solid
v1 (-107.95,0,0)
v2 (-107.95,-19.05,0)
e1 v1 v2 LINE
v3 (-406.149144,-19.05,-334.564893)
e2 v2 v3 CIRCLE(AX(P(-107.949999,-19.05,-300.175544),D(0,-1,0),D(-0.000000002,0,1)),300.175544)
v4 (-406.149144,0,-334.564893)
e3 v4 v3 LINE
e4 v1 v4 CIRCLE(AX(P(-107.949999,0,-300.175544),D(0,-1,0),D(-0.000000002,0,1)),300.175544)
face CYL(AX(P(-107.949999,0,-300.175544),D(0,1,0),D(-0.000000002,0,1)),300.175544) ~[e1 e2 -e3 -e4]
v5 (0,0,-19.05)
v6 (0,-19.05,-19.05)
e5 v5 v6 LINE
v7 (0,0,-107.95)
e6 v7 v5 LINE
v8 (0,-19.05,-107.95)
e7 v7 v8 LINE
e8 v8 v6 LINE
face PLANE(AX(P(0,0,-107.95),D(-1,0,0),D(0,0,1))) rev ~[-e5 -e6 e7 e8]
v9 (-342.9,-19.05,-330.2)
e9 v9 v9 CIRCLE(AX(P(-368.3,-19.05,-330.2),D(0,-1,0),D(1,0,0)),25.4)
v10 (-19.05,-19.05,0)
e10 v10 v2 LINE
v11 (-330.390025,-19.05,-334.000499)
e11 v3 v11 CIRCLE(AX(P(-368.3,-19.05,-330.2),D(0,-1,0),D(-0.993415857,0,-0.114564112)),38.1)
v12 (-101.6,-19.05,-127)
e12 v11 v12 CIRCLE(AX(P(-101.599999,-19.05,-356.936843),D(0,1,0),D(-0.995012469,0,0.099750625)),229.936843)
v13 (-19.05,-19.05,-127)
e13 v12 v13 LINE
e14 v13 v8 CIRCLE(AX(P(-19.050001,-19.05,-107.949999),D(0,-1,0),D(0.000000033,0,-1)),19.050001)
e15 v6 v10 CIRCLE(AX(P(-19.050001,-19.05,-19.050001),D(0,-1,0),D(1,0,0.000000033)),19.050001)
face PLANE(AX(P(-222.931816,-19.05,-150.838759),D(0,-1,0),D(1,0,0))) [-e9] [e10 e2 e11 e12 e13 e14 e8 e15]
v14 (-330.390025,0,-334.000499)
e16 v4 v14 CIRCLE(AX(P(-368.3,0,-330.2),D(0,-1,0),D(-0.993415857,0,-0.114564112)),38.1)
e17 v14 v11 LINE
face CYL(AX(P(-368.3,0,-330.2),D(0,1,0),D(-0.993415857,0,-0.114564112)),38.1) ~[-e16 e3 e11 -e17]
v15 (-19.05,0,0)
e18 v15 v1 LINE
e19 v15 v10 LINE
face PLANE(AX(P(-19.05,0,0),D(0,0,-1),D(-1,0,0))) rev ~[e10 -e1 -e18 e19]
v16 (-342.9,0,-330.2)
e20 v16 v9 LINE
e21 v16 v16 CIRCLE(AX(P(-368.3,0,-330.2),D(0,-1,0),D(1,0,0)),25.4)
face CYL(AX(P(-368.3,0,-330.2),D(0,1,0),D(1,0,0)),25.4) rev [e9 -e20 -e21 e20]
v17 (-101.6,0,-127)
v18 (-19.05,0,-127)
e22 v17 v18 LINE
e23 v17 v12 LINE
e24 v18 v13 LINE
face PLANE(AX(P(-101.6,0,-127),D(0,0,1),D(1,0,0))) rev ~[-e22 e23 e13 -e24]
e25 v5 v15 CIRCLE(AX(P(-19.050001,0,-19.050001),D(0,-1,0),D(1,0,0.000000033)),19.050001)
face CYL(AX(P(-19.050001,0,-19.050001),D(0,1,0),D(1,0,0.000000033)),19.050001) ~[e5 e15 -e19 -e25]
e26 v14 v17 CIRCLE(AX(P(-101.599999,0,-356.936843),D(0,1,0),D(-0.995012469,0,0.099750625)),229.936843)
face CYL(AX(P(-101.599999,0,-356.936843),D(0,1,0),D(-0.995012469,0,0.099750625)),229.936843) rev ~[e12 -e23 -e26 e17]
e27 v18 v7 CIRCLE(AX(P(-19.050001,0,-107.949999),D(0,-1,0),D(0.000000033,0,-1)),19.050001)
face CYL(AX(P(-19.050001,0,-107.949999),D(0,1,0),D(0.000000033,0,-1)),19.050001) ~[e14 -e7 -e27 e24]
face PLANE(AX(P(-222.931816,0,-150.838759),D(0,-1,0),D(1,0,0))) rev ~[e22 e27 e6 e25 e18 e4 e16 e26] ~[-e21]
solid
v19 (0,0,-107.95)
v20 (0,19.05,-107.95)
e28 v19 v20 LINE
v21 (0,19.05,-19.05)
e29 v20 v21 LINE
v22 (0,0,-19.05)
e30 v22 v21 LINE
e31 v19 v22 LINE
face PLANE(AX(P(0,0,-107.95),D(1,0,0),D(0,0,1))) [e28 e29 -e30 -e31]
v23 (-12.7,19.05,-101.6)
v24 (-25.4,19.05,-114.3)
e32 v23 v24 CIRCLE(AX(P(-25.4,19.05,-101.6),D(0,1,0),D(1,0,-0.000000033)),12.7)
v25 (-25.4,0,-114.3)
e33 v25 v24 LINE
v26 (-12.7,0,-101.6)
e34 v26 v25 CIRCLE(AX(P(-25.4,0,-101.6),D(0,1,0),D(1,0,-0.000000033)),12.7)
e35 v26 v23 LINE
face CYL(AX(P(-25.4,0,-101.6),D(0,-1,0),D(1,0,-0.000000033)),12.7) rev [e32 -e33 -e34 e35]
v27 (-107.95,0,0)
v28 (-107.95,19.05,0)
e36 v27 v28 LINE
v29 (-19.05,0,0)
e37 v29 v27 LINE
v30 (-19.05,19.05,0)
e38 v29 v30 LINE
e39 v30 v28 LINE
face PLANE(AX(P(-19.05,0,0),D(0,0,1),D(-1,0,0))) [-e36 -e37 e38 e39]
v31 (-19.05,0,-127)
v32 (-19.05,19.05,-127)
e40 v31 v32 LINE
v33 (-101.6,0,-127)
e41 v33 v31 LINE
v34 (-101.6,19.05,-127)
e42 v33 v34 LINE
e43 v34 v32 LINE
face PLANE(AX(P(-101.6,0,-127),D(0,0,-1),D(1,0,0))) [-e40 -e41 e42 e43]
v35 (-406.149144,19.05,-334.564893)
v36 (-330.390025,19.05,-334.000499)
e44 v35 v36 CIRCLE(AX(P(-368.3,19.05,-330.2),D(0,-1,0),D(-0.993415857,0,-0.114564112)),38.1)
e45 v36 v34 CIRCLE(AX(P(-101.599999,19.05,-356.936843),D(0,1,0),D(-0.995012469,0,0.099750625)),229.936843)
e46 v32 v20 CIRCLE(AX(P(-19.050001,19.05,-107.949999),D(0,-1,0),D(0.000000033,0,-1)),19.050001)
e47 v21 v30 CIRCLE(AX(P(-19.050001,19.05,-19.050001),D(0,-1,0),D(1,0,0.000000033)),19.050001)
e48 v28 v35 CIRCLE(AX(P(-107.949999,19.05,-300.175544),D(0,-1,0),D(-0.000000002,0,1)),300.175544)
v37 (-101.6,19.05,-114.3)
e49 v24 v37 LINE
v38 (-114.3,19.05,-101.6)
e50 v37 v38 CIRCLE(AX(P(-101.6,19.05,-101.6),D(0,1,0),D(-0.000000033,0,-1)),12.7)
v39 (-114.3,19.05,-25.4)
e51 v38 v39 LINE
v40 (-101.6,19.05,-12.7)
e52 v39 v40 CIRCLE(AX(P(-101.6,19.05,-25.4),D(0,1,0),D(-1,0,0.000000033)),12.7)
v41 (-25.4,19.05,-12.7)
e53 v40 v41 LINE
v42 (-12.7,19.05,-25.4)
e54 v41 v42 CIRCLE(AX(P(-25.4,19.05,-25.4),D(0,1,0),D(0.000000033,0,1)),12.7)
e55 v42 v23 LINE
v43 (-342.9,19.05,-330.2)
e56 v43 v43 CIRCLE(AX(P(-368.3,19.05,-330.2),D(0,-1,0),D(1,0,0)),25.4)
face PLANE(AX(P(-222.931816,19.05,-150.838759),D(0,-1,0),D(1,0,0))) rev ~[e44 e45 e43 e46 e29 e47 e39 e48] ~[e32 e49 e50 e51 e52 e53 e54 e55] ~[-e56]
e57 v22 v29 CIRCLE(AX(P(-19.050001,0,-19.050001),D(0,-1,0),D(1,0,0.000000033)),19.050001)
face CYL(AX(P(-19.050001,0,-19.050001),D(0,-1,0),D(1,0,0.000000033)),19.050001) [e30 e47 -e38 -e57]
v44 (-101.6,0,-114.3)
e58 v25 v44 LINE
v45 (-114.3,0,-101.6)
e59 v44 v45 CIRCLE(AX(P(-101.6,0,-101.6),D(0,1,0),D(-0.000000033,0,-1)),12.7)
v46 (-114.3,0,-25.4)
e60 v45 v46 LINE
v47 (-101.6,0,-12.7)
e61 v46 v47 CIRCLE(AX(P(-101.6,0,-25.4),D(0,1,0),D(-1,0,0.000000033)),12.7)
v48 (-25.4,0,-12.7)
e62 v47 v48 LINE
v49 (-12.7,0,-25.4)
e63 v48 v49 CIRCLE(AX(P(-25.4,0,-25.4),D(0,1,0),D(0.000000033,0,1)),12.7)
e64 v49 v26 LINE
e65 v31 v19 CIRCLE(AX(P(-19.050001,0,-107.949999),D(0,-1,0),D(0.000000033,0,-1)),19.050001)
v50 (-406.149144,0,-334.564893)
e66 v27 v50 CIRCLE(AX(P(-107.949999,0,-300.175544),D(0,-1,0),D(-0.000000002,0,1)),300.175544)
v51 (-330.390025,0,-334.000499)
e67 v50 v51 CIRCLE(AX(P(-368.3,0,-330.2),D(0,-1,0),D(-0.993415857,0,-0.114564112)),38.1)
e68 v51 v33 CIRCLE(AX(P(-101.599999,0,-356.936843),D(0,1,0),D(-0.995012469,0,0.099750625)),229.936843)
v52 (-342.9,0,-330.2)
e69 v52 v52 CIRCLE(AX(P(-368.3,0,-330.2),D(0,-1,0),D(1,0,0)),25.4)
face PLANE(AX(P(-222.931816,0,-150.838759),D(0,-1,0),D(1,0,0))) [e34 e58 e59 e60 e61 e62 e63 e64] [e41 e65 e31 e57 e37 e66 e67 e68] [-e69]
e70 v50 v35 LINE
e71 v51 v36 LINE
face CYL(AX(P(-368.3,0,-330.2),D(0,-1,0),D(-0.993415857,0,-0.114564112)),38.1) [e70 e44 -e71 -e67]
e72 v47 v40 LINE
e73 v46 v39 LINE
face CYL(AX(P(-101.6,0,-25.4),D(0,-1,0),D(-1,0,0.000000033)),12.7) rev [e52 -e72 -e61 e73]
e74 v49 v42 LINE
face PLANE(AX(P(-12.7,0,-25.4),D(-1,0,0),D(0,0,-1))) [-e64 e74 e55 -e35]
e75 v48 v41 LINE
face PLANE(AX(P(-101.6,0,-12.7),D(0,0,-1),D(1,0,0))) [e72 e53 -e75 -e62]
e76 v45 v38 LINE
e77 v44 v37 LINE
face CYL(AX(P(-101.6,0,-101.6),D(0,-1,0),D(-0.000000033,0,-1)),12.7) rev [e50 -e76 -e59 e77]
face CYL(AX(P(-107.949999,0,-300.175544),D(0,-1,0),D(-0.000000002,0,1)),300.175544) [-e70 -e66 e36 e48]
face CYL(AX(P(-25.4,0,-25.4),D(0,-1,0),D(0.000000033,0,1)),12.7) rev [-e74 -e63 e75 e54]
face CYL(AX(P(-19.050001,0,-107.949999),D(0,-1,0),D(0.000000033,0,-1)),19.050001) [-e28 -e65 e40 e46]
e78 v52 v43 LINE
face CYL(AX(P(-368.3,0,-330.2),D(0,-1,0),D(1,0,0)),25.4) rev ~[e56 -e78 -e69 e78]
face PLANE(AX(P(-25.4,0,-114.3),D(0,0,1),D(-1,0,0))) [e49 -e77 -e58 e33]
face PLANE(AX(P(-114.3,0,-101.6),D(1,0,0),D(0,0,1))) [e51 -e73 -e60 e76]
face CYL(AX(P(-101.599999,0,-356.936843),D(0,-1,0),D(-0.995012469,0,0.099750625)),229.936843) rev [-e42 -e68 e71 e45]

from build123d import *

# Parameters (mm, degrees)
F0_R     = 25.4
F1_DEPTH = 19.05
F2_DEPTH = 19.05


with BuildPart() as f1:
    # F0 (on Front) → F1 (new body)
    with BuildSketch(Plane.XZ):
        with BuildLine():
            Line((-19.05, 0), (-107.95, 0))
            ThreePointArc((-107.95, 0), (-332.035027, -100.447585), (-406.149144, -334.564893))
            ThreePointArc((-406.149144, -334.564893), (-368.016168, -368.298943), (-330.390025, -334.000499))
            ThreePointArc((-330.390025, -334.000499), (-255.867691, -186.430447), (-101.6, -127))
            Line((-101.6, -127), (-19.05, -127))
            ThreePointArc((-19.05, -127), (-5.579616, -121.420384), (0, -107.95))
            Line((0, -107.95), (0, -19.05))
            ThreePointArc((0, -19.05), (-5.579616, -5.579616), (-19.05, 0))
        make_face()
        with Locations((-368.3, -330.2)):
            Circle(F0_R, mode=Mode.SUBTRACT)
        with BuildLine():
            ThreePointArc((-114.3, -25.4), (-110.580256, -16.419744), (-101.6, -12.7))
            Line((-101.6, -12.7), (-25.4, -12.7))
            ThreePointArc((-25.4, -12.7), (-16.419744, -16.419744), (-12.7, -25.4))
            Line((-12.7, -25.4), (-12.7, -101.6))
            ThreePointArc((-12.7, -101.6), (-16.419744, -110.580256), (-25.4, -114.3))
            Line((-25.4, -114.3), (-101.6, -114.3))
            ThreePointArc((-101.6, -114.3), (-110.580256, -110.580256), (-114.3, -101.6))
            Line((-114.3, -101.6), (-114.3, -25.4))
        make_face(mode=Mode.SUBTRACT)
        with BuildLine():
            Line((-25.4, -12.7), (-101.6, -12.7))
            ThreePointArc((-101.6, -12.7), (-110.580256, -16.419744), (-114.3, -25.4))
            Line((-114.3, -25.4), (-114.3, -101.6))
            ThreePointArc((-114.3, -101.6), (-110.580256, -110.580256), (-101.6, -114.3))
            Line((-101.6, -114.3), (-25.4, -114.3))
            ThreePointArc((-25.4, -114.3), (-16.419744, -110.580256), (-12.7, -101.6))
            Line((-12.7, -101.6), (-12.7, -25.4))
            ThreePointArc((-12.7, -25.4), (-16.419744, -16.419744), (-25.4, -12.7))
        make_face()
    extrude(amount=F1_DEPTH)


with BuildPart() as f2:
    # F0 (on Front) → F2 (new body)
    with BuildSketch(Plane.XZ):
        with BuildLine():
            Line((-19.05, 0), (-107.95, 0))
            ThreePointArc((-107.95, 0), (-332.035027, -100.447585), (-406.149144, -334.564893))
            ThreePointArc((-406.149144, -334.564893), (-368.016168, -368.298943), (-330.390025, -334.000499))
            ThreePointArc((-330.390025, -334.000499), (-255.867691, -186.430447), (-101.6, -127))
            Line((-101.6, -127), (-19.05, -127))
            ThreePointArc((-19.05, -127), (-5.579616, -121.420384), (0, -107.95))
            Line((0, -107.95), (0, -19.05))
            ThreePointArc((0, -19.05), (-5.579616, -5.579616), (-19.05, 0))
        make_face()
        with Locations((-368.3, -330.2)):
            Circle(F0_R, mode=Mode.SUBTRACT)
        with BuildLine():
            ThreePointArc((-114.3, -25.4), (-110.580256, -16.419744), (-101.6, -12.7))
            Line((-101.6, -12.7), (-25.4, -12.7))
            ThreePointArc((-25.4, -12.7), (-16.419744, -16.419744), (-12.7, -25.4))
            Line((-12.7, -25.4), (-12.7, -101.6))
            ThreePointArc((-12.7, -101.6), (-16.419744, -110.580256), (-25.4, -114.3))
            Line((-25.4, -114.3), (-101.6, -114.3))
            ThreePointArc((-101.6, -114.3), (-110.580256, -110.580256), (-114.3, -101.6))
            Line((-114.3, -101.6), (-114.3, -25.4))
        make_face(mode=Mode.SUBTRACT)
    extrude(amount=-F2_DEPTH)


solid = Compound([f1.part, f2.part])
